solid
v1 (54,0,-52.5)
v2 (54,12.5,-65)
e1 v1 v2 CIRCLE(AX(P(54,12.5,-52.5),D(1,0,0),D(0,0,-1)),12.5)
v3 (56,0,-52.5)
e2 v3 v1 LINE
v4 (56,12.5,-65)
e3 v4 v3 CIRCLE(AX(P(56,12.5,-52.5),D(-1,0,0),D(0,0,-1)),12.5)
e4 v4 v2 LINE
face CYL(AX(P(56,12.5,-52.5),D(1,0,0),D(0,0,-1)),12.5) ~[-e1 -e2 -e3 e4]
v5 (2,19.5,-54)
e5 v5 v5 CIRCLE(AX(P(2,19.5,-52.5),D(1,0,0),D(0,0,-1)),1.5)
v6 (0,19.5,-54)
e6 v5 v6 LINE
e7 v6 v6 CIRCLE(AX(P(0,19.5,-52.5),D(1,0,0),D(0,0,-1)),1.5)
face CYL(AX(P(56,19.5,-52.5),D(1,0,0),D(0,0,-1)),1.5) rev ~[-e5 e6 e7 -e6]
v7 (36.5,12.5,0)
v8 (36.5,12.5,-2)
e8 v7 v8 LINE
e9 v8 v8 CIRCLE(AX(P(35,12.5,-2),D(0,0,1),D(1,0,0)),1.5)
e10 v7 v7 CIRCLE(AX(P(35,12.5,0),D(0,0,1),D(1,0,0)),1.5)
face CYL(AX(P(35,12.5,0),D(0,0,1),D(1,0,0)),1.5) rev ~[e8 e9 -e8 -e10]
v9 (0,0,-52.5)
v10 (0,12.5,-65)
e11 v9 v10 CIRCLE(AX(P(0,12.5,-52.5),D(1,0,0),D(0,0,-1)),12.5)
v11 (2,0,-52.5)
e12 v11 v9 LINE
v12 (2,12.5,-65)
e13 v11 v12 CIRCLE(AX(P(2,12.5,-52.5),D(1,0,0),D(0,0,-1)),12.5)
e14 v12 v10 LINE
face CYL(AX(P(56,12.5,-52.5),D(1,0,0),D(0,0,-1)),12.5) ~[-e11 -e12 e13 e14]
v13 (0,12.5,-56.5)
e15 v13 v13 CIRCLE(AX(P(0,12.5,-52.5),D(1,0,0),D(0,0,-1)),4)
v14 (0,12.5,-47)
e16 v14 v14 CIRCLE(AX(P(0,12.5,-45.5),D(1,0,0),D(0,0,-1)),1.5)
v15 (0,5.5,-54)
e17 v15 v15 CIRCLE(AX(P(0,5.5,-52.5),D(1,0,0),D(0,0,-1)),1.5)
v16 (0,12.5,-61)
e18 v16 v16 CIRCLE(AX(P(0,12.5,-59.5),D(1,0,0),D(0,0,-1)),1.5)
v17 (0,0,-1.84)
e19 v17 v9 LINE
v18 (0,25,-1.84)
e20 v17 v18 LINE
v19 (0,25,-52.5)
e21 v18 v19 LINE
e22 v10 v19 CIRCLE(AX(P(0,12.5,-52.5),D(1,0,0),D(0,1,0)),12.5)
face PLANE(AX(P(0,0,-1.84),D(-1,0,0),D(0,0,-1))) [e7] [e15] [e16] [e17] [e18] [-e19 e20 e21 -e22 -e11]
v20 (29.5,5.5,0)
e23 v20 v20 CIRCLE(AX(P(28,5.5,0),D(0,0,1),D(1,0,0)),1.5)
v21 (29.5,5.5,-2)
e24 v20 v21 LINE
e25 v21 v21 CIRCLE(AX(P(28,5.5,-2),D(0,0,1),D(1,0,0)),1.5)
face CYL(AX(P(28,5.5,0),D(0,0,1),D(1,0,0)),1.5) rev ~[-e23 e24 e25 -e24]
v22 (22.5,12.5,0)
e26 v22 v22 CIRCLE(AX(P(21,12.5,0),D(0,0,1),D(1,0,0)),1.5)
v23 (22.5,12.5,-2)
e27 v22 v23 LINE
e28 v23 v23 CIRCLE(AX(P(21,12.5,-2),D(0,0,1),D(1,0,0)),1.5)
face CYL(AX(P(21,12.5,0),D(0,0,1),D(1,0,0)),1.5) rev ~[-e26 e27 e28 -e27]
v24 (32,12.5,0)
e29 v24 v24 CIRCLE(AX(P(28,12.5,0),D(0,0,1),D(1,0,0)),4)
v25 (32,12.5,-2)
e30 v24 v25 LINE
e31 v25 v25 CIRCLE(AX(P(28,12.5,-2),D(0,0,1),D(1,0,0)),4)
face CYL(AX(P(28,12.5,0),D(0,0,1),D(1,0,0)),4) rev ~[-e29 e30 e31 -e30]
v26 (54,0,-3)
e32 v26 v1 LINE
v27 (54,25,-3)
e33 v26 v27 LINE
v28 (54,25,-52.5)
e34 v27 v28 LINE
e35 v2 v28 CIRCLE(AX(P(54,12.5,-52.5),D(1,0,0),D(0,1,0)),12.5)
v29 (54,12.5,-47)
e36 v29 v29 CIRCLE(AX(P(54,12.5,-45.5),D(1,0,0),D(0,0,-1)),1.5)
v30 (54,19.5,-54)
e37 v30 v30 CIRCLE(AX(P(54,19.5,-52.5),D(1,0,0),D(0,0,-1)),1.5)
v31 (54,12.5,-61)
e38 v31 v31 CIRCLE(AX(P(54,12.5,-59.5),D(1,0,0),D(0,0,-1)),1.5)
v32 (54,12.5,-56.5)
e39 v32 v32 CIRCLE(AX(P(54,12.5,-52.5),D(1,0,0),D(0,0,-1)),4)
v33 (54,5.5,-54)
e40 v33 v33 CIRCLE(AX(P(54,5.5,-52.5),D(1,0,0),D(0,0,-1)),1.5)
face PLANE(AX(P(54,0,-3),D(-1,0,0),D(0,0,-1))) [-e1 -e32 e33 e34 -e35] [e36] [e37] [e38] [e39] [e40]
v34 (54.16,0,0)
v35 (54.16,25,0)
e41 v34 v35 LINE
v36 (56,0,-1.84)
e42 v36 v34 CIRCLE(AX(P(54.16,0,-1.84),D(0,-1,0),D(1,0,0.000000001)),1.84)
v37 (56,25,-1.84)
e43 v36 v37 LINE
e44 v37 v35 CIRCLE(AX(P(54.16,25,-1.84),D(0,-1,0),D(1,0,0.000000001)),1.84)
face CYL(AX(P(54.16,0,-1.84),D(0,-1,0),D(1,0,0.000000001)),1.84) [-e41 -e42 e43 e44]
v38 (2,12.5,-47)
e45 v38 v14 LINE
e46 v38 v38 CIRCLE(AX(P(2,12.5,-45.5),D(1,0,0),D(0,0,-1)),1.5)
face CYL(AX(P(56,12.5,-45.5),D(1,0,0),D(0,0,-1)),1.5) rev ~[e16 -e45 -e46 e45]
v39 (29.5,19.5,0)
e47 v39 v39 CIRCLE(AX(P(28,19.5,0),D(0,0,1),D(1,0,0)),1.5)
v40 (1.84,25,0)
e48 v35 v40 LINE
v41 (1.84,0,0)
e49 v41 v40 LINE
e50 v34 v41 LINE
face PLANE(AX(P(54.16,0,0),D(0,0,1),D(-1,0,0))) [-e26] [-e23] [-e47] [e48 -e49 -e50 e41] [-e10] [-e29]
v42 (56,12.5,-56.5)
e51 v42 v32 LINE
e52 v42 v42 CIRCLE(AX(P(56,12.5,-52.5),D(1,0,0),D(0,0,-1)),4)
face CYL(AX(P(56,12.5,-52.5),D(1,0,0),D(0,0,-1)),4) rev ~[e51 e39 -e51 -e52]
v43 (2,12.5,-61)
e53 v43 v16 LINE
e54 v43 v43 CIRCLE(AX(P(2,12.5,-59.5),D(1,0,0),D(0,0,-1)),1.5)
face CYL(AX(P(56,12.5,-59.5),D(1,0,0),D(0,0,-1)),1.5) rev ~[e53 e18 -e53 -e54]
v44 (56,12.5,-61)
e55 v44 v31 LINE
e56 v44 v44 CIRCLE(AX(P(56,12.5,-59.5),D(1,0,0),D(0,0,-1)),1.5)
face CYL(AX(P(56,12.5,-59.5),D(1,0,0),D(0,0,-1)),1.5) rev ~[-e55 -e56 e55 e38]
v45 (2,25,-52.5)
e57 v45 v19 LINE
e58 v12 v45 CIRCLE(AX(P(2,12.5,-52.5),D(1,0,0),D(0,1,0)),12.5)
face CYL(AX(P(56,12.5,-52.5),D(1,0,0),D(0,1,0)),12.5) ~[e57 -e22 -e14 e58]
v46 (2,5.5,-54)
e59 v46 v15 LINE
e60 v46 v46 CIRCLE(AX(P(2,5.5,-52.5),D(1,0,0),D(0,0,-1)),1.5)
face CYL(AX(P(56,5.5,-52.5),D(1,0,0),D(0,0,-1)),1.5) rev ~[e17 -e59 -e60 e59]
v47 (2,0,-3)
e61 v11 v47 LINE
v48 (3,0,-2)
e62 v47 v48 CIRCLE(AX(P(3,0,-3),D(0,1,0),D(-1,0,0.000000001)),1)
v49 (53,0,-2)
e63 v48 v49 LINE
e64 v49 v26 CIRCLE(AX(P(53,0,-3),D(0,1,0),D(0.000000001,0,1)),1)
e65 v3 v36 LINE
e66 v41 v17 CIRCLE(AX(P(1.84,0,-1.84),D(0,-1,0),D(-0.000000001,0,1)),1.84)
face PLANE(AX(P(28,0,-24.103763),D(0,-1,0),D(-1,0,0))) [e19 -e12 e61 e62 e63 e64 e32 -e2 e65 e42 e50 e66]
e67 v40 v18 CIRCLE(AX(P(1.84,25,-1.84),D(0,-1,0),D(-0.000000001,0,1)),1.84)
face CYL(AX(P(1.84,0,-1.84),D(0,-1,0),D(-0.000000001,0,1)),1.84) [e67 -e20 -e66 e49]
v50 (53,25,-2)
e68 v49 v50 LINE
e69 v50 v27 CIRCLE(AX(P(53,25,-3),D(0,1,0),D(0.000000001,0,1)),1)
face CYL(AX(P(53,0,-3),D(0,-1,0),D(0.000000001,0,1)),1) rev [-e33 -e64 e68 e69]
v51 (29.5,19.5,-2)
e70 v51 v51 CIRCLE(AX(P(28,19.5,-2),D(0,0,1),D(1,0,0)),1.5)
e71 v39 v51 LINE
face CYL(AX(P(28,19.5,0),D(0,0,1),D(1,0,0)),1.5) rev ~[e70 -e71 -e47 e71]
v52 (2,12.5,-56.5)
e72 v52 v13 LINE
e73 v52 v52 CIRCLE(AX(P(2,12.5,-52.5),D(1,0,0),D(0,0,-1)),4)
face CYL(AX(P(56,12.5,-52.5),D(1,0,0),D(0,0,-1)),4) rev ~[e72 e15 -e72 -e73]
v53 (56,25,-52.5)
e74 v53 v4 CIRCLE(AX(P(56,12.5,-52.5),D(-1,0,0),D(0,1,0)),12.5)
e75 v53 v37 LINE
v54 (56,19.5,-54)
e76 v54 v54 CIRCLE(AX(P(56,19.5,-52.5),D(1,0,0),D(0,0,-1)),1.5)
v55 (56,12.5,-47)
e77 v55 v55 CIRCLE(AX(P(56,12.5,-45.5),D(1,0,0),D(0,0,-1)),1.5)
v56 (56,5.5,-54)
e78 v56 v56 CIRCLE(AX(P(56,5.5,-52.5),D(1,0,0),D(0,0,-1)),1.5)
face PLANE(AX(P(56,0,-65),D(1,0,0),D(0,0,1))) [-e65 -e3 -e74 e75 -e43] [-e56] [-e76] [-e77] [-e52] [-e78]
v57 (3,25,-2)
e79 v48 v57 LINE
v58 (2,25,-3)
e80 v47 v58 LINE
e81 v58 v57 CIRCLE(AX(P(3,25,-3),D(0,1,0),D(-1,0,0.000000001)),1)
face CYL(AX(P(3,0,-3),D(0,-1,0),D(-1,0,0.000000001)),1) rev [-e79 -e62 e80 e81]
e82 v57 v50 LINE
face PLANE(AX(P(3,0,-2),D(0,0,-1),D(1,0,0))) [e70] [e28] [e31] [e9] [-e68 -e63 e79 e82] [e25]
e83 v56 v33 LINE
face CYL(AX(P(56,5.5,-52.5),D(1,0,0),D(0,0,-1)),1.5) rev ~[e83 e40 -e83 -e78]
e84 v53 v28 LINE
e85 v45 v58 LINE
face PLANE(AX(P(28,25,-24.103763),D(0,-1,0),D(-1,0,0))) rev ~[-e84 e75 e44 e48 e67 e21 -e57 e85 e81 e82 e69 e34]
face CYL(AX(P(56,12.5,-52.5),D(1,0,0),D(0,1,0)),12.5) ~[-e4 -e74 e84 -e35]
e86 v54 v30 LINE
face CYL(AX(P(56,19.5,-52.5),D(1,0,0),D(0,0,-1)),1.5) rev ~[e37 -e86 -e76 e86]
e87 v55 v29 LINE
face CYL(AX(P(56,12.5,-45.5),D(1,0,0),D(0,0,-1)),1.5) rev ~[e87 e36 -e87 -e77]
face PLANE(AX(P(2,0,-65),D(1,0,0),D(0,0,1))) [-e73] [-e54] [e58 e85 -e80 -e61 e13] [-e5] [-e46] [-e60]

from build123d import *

# Parameters (mm, degrees)
SALIENTE_EXTRUIR2_DEPTH = 25
CROQUIS2_R              = 4
CROQUIS2_R_2            = 1.5
CORTAR_EXTRUIR1_DEPTH   = 10
CROQUIS3_R              = 4
CROQUIS3_R_2            = 1.5
CORTAR_EXTRUIR2_DEPTH   = 60


with BuildPart() as part:
    # Croquis1 → Saliente-Extruir2 (new body)
    with BuildSketch(Plane(origin=(0, 0, 0), x_dir=(1, 0, 0), z_dir=(0, 1, 0))):
        with BuildLine():
            Line((0, 1.84), (0, 65))
            Line((0, 65), (2, 65))
            Line((2, 65), (2, 3))
            ThreePointArc((2, 3), (2.292893219, 2.292893219), (3, 2))
            Line((3, 2), (53, 2))
            ThreePointArc((53, 2), (53.707106781, 2.292893219), (54, 3))
            Line((54, 3), (54, 65))
            Line((54, 65), (56, 65))
            Line((56, 65), (56, 1.84))
            ThreePointArc((56, 1.84), (55.461076477, 0.538923523), (54.16, 0))
            Line((54.16, 0), (1.84, 0))
            ThreePointArc((1.84, 0), (0.538923523, 0.538923523), (0, 1.84))
        make_face()
    extrude(amount=SALIENTE_EXTRUIR2_DEPTH)

    # Croquis2 → Cortar-Extruir1 (cut)
    with BuildSketch(Plane.XY):
        with Locations((28, 12.5)):
            Circle(CROQUIS2_R)
        with Locations((28, 19.5)):
            Circle(CROQUIS2_R_2)
        with Locations((28, 5.5)):
            Circle(CROQUIS2_R_2)
        with Locations((35, 12.5)):
            Circle(CROQUIS2_R_2)
        with Locations((21, 12.5)):
            Circle(CROQUIS2_R_2)
    extrude(amount=-CORTAR_EXTRUIR1_DEPTH, mode=Mode.SUBTRACT)

    # Croquis3 → Cortar-Extruir2 (cut)
    with BuildSketch(Plane(origin=(56, 0, 0), x_dir=(0, 0, -1), z_dir=(1, 0, 0))):
        with BuildLine():
            Line((65, 25), (52.5, 25))
            ThreePointArc((52.5, 25), (61.338834765, 21.338834765), (65, 12.5))
            Line((65, 12.5), (65, 25))
        make_face()
        with BuildLine():
            Line((65, 0), (65, 12.5))
            ThreePointArc((65, 12.5), (61.338834765, 3.661165235), (52.5, 0))
            Line((52.5, 0), (65, 0))
        make_face()
        with Locations((52.5, 12.5)):
            Circle(CROQUIS3_R)
        with Locations((45.5, 12.5)):
            Circle(CROQUIS3_R_2)
        with Locations((52.5, 19.5)):
            Circle(CROQUIS3_R_2)
        with Locations((59.5, 12.5)):
            Circle(CROQUIS3_R_2)
        with Locations((52.5, 5.5)):
            Circle(CROQUIS3_R_2)
    extrude(amount=-CORTAR_EXTRUIR2_DEPTH, mode=Mode.SUBTRACT)


solid = part.part
